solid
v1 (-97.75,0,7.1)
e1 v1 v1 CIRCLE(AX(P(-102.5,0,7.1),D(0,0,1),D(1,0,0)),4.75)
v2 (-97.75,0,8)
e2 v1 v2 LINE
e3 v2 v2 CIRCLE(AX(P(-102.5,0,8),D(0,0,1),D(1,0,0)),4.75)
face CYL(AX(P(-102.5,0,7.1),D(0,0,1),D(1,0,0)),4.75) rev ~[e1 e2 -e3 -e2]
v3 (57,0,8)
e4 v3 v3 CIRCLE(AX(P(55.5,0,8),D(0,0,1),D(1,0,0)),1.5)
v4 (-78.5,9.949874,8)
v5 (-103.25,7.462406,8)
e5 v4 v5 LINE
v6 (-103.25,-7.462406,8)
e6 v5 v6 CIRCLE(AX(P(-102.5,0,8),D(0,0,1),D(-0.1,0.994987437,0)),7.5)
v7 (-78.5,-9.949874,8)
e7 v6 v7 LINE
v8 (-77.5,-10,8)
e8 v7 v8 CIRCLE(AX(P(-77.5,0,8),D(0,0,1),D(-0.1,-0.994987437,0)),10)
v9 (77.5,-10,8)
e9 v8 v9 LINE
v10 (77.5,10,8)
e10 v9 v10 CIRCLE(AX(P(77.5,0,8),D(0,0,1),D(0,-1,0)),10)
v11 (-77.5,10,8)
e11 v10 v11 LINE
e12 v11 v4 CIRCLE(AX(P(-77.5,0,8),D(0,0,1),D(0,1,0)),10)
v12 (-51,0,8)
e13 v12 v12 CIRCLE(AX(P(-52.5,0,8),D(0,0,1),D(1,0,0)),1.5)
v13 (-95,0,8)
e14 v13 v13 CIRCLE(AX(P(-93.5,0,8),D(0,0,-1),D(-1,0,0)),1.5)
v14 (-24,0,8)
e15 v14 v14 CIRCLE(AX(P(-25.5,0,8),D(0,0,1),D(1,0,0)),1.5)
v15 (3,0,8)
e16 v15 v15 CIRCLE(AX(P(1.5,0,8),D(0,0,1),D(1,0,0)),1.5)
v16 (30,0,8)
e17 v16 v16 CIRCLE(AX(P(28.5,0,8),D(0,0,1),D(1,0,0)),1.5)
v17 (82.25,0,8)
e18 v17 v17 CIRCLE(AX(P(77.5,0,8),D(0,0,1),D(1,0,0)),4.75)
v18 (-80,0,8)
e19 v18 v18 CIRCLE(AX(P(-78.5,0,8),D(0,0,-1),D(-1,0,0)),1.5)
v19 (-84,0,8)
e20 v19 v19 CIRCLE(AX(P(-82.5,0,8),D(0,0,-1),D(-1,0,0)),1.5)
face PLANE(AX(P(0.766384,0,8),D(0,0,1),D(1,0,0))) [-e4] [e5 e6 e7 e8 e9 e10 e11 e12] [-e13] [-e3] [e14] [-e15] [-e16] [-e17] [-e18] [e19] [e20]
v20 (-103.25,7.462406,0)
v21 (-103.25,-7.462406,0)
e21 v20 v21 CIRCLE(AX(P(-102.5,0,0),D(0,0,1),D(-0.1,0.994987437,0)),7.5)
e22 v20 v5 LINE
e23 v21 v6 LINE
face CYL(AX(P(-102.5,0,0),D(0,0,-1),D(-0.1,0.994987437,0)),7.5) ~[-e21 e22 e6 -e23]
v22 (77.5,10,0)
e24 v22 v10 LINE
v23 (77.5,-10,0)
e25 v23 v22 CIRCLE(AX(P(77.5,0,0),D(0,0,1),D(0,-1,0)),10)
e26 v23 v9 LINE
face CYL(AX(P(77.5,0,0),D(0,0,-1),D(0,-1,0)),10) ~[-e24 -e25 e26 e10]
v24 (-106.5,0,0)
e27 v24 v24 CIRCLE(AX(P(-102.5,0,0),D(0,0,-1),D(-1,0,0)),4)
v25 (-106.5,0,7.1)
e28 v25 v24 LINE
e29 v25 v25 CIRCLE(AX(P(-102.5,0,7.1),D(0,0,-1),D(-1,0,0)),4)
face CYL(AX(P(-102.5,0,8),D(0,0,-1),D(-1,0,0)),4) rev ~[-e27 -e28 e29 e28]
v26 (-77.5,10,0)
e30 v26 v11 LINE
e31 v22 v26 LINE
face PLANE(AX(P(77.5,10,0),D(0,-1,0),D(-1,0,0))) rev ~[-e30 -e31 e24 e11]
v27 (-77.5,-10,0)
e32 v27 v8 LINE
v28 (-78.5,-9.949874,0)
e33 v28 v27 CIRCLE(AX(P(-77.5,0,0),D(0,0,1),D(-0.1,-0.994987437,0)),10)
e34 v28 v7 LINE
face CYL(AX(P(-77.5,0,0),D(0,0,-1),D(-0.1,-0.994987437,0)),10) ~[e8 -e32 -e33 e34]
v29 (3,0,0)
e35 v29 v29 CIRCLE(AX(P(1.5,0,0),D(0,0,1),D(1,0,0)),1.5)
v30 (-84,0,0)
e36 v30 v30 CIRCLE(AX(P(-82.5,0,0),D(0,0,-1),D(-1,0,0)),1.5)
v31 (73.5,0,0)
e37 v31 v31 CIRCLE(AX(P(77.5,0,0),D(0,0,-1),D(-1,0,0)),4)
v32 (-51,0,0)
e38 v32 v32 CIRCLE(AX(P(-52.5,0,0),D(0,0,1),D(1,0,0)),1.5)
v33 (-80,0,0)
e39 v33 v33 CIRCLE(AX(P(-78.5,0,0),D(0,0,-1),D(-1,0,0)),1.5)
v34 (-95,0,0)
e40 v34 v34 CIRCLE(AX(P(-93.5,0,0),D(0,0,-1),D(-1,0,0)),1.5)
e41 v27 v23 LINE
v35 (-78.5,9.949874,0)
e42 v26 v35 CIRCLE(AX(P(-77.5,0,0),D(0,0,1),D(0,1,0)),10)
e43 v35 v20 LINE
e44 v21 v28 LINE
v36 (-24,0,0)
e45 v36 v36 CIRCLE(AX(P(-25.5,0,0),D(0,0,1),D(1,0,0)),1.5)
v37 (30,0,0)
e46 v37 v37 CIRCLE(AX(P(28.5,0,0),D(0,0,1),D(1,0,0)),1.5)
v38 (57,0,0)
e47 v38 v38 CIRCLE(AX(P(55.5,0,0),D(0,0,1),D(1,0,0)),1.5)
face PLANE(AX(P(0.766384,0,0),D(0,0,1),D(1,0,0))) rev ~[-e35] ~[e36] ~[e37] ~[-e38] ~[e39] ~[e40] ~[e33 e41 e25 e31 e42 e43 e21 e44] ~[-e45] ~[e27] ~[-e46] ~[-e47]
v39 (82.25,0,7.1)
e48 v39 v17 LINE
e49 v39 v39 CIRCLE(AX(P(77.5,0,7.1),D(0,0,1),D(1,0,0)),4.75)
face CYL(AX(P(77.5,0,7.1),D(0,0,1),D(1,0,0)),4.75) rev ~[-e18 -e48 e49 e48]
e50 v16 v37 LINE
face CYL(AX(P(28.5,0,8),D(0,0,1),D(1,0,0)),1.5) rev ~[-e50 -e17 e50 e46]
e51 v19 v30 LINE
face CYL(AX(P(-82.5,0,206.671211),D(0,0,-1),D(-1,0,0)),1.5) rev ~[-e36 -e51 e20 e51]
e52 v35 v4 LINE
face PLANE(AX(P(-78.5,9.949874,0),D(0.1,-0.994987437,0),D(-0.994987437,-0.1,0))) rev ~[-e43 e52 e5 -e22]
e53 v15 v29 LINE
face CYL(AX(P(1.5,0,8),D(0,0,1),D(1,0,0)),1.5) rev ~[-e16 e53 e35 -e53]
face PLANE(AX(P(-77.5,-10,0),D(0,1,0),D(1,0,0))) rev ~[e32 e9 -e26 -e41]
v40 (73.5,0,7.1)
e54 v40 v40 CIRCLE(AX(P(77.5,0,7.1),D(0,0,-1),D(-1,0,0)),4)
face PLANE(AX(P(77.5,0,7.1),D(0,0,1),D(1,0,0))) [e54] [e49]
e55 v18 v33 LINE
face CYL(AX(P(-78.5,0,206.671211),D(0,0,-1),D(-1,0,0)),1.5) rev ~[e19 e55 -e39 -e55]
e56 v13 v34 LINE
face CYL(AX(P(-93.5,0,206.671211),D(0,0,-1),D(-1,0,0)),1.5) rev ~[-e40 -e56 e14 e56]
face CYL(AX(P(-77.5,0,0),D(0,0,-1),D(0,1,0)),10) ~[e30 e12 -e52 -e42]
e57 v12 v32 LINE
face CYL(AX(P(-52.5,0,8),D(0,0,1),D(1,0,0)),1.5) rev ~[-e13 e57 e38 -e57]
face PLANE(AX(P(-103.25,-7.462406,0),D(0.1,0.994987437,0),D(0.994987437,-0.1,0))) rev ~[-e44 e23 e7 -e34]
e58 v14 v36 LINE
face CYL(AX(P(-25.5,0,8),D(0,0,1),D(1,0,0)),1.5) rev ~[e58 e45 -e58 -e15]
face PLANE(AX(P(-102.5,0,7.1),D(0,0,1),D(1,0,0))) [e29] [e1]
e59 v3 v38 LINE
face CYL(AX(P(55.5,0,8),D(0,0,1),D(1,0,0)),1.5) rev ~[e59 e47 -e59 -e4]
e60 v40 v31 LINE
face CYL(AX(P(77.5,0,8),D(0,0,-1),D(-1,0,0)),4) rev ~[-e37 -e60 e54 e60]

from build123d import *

# Parameters (mm, degrees)
EXTRUDE_1_DEPTH              = 8
HOLE_WIZARD_M3_2_D           = 3
HOLE_WIZARD_M5_1_D           = 8
HOLE_WIZARD_M5_1_CBORE_D     = 9.5
HOLE_WIZARD_M5_1_CBORE_DEPTH = 0.9
SKETCH_11_R                  = 1.5
CUT_EXTRUDE_1_DEPTH          = 1
CUT_EXTRUDE_1_DEPTH_BACK     = 9


with BuildPart() as part:
    # 草图1 → 凸台-拉伸1 (new body)
    with BuildSketch(Plane.XY):
        with BuildLine():
            Line((77.5, 10), (-77.5, 10))
            ThreePointArc((-77.5, 10), (-70.428932188, 7.071067812), (-67.5, 0))
            ThreePointArc((-67.5, 0), (-70.428932188, -7.071067812), (-77.5, -10))
            Line((-77.5, -10), (77.5, -10))
            ThreePointArc((77.5, -10), (87.5, 0), (77.5, 10))
        make_face()
        with BuildLine():
            ThreePointArc((-67.5, 0), (-70.428932188, 7.071067812), (-77.5, 10))
            ThreePointArc((-77.5, 10), (-78.000627751, 9.987460731), (-78.5, 9.949874371))
            ThreePointArc((-78.5, 9.949874371), (-87.5, 0), (-78.5, -9.949874371))
            ThreePointArc((-78.5, -9.949874371), (-78.000627751, -9.987460731), (-77.5, -10))
            ThreePointArc((-77.5, -10), (-70.428932188, -7.071067812), (-67.5, 0))
        make_face()
        with BuildLine():
            ThreePointArc((-78.5, -9.949874371), (-87.5, 0), (-78.5, 9.949874371))
            Line((-78.5, 9.949874371), (-103.25, 7.462405778))
            ThreePointArc((-103.25, 7.462405778), (-110, 0), (-103.25, -7.462405778))
            Line((-103.25, -7.462405778), (-78.5, -9.949874371))
        make_face()
    extrude(amount=EXTRUDE_1_DEPTH)

    # M3 螺纹孔2 (through all)
    with Locations(Plane.XY.offset(8)):
        with Locations((-78.5, 0), (-93.5, 0), (-82.5, 0)):
            Hole(HOLE_WIZARD_M3_2_D / 2)

    # M5 六角头螺栓的柱形沉头孔1 (through all)
    with Locations(Plane.XY.offset(8)):
        with Locations((-102.5, 0), (77.5, 0)):
            CounterBoreHole(HOLE_WIZARD_M5_1_D / 2, HOLE_WIZARD_M5_1_CBORE_D / 2, HOLE_WIZARD_M5_1_CBORE_DEPTH)

    # 草图11 → 切除-拉伸1 (cut, two sides)
    with BuildSketch(Plane.XY.offset(8)) as cut_extrude_1_sk:
        with Locations((-52.5, 0)):
            Circle(SKETCH_11_R)
        with Locations((-25.5, 0)):
            Circle(SKETCH_11_R)
        with Locations((1.5, 0)):
            Circle(SKETCH_11_R)
        with Locations((28.5, 0)):
            Circle(SKETCH_11_R)
        with Locations((55.5, 0)):
            Circle(SKETCH_11_R)
    extrude(amount=CUT_EXTRUDE_1_DEPTH, mode=Mode.SUBTRACT)
    extrude(cut_extrude_1_sk.sketch, amount=-CUT_EXTRUDE_1_DEPTH_BACK, mode=Mode.SUBTRACT)


solid = part.part
